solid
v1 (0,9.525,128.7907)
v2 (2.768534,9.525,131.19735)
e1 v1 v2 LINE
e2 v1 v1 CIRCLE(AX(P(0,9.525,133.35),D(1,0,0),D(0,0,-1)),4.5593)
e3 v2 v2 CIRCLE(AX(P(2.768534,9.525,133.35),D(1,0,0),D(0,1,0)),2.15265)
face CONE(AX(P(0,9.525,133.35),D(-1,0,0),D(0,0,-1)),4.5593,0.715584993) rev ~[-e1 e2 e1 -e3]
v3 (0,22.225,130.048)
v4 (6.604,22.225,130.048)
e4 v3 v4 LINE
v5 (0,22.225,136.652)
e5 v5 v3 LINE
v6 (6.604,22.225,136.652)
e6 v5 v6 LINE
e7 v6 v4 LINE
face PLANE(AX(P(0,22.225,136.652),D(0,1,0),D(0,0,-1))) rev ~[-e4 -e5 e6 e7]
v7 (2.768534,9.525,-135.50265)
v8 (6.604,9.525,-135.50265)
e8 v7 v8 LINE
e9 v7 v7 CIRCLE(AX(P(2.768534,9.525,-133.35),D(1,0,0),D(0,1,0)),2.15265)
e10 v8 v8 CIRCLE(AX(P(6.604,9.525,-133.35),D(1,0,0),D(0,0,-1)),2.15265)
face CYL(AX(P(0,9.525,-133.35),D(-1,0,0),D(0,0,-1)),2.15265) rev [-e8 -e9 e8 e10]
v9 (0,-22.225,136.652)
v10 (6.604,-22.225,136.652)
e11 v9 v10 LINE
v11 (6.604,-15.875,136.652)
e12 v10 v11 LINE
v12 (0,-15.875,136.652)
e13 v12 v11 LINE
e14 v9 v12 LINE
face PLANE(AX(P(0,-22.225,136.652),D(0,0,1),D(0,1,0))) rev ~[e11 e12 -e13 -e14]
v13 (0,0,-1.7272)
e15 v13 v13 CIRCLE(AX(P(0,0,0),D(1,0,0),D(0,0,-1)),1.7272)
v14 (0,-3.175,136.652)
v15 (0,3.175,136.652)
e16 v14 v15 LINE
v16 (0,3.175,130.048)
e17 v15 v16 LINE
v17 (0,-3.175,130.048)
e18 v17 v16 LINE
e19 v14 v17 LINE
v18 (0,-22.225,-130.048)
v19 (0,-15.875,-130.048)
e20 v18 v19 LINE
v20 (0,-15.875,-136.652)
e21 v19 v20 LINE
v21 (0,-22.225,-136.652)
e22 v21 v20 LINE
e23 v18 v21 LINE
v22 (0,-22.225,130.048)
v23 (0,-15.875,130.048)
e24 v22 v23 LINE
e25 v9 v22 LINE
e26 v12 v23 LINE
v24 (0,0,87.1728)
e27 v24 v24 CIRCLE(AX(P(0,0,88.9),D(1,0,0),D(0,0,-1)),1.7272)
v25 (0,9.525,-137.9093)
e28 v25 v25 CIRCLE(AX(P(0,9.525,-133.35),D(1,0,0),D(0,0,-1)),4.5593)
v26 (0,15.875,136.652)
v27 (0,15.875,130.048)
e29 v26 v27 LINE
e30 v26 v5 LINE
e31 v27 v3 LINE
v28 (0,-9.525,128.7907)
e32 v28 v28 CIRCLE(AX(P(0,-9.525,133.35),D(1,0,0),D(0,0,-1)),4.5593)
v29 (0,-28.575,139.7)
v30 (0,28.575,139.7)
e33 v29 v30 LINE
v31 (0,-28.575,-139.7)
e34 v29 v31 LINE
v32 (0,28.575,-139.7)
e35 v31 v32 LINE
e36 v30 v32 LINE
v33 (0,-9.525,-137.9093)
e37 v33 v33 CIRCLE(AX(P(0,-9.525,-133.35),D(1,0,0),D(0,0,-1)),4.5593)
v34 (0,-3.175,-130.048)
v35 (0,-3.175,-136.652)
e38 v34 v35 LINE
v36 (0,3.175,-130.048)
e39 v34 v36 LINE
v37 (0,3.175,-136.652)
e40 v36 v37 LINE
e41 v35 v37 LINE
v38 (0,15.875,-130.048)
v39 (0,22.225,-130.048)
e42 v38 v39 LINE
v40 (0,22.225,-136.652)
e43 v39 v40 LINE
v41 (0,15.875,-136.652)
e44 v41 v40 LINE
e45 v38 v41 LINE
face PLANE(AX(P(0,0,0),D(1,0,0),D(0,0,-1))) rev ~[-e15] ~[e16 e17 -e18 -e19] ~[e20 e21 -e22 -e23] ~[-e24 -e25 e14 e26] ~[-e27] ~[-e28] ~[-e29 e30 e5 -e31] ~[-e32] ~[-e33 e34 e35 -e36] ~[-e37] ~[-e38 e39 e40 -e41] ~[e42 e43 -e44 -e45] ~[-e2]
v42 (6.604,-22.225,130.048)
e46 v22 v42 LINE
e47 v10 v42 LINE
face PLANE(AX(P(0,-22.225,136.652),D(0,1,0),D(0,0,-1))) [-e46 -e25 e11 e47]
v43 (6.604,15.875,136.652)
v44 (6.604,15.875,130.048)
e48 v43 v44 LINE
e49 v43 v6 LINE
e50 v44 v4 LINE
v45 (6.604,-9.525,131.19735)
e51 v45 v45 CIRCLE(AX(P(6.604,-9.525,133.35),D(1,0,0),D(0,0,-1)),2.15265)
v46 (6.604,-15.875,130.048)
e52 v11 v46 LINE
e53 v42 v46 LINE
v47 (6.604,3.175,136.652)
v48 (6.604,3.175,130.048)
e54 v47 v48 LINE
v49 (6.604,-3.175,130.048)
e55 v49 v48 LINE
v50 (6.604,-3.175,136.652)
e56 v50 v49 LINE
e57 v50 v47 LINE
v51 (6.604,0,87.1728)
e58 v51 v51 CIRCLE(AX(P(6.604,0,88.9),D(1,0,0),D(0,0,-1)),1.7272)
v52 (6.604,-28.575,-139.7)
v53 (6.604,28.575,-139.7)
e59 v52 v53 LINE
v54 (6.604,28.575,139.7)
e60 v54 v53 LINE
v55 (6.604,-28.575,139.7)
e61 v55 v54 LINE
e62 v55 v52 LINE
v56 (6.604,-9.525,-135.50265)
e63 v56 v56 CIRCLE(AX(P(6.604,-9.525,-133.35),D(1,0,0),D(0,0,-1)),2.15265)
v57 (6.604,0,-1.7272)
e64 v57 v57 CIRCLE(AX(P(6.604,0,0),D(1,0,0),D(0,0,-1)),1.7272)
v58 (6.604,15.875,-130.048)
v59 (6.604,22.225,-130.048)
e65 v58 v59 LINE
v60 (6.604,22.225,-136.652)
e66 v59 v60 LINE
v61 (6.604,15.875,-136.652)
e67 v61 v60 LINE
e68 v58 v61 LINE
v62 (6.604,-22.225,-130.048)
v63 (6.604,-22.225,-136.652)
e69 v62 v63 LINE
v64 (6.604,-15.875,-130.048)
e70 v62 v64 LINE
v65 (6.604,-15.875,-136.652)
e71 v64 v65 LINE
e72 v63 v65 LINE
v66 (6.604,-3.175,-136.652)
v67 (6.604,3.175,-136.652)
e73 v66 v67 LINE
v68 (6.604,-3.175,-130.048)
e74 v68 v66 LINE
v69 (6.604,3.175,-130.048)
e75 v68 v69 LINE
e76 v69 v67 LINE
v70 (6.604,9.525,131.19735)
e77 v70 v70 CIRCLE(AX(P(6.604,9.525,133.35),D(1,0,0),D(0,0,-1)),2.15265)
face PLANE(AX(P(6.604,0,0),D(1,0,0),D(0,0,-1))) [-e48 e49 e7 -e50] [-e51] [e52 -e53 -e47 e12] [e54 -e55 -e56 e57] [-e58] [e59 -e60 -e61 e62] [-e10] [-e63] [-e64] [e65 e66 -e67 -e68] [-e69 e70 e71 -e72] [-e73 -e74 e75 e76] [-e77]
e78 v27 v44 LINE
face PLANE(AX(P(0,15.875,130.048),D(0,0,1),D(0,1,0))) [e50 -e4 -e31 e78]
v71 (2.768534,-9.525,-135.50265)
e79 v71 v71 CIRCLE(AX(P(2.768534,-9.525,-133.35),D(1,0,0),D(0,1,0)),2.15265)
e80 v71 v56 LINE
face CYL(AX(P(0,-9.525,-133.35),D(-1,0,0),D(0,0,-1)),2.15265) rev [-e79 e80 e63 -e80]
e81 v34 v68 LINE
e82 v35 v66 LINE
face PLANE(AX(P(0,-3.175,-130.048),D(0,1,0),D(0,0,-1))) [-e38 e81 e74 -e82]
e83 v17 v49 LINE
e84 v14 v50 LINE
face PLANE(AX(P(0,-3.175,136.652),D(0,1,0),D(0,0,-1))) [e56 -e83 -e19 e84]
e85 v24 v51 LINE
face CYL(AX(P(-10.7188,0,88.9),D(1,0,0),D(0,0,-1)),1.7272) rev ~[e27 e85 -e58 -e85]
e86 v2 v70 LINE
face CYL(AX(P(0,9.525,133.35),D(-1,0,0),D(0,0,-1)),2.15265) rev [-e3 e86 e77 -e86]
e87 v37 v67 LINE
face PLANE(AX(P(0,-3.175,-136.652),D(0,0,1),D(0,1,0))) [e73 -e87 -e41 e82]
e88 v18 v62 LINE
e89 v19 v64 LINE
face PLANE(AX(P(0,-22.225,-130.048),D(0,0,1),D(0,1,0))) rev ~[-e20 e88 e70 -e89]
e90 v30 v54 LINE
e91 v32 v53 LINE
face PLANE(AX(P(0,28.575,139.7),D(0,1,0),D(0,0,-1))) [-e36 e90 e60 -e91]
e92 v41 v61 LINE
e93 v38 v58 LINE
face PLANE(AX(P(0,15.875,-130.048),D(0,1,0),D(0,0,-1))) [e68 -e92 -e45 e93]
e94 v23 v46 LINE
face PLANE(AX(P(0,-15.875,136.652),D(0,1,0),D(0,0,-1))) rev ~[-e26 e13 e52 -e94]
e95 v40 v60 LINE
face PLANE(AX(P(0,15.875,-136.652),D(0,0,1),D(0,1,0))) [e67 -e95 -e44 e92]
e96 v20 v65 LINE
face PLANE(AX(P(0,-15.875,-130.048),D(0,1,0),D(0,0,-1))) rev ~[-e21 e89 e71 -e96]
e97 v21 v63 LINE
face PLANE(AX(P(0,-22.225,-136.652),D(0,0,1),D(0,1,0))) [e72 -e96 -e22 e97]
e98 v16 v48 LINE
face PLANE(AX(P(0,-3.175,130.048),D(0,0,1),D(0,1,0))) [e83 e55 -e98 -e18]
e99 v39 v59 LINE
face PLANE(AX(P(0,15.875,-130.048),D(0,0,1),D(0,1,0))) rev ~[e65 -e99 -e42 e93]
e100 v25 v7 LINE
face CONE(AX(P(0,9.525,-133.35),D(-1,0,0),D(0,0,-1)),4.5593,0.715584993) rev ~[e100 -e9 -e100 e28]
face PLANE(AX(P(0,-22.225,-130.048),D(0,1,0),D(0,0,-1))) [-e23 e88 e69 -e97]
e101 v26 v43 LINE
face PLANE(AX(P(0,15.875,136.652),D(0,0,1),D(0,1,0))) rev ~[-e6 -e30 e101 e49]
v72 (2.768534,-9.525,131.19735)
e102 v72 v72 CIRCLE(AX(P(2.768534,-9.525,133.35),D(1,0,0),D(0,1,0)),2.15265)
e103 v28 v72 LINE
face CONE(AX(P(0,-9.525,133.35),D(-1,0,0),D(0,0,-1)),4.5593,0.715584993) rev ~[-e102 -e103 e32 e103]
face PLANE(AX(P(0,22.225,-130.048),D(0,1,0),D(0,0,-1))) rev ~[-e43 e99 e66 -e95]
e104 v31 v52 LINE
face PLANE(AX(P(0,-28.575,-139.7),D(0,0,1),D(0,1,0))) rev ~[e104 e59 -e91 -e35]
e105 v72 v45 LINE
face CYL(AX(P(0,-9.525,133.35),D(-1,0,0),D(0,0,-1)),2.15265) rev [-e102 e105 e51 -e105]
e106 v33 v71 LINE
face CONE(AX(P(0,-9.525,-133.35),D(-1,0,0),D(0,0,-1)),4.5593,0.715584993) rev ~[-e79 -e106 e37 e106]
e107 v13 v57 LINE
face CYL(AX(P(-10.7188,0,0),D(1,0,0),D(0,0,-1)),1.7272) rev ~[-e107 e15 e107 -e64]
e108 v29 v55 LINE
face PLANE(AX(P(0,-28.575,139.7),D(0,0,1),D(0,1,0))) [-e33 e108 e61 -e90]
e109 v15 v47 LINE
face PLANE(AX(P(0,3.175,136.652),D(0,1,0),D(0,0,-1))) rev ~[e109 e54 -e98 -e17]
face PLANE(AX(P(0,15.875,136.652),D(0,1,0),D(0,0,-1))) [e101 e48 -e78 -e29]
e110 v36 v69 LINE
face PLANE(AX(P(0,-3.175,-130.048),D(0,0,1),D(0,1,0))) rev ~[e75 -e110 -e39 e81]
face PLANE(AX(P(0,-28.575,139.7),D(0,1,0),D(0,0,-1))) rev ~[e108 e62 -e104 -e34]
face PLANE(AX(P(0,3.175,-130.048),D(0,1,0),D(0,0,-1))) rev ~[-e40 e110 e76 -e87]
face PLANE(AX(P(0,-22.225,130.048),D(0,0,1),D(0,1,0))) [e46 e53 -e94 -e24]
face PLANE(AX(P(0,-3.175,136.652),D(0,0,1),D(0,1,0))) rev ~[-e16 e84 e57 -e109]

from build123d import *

# Parameters (mm, degrees)
SKETCH1_W                                         = 279.4
SKETCH1_H                                         = 57.15
SKETCH1_R                                         = 2.15265
SKETCH1_W_2                                       = 6.604
SKETCH1_H_2                                       = 6.35
BOSS_EXTRUDE1_DEPTH                               = 6.604
CSK_FOR_8_FLAT_HEAD_SOCKET_CAP_SCREW1_D           = 4.3053
CSK_FOR_8_FLAT_HEAD_SOCKET_CAP_SCREW1_CSINK_D     = 9.1186
CSK_FOR_8_FLAT_HEAD_SOCKET_CAP_SCREW1_CSINK_ANGLE = 82
F_8_32_TAPPED_HOLE1_D                             = 3.4544
F_8_32_TAPPED_HOLE1_DEPTH                         = 10.7188
F_8_32_TAPPED_HOLE1_TIP                           = 1.037806461


with BuildPart() as part:
    # Sketch1 → Boss-Extrude1 (new body)
    with BuildSketch(Plane(origin=(0, 0, 0), x_dir=(0, 0, -1), z_dir=(1, 0, 0))):
        Rectangle(SKETCH1_W, SKETCH1_H)
        with Locations((-133.35, 9.525)):
            Circle(SKETCH1_R, mode=Mode.SUBTRACT)
        with Locations((-133.35, -9.525)):
            Circle(SKETCH1_R, mode=Mode.SUBTRACT)
        with Locations((133.35, 9.525)):
            Circle(SKETCH1_R, mode=Mode.SUBTRACT)
        with Locations((133.35, -9.525)):
            Circle(SKETCH1_R, mode=Mode.SUBTRACT)
        with Locations((-133.35, 0)):
            Rectangle(SKETCH1_W_2, SKETCH1_H_2, mode=Mode.SUBTRACT)
        with Locations((-133.35, 19.05)):
            Rectangle(SKETCH1_W_2, SKETCH1_H_2, mode=Mode.SUBTRACT)
        with Locations((-133.35, -19.05)):
            Rectangle(SKETCH1_W_2, SKETCH1_H_2, mode=Mode.SUBTRACT)
        with Locations((133.35, 0)):
            Rectangle(SKETCH1_W_2, SKETCH1_H_2, mode=Mode.SUBTRACT)
        with Locations((133.35, 19.05)):
            Rectangle(SKETCH1_W_2, SKETCH1_H_2, mode=Mode.SUBTRACT)
        with Locations((133.35, -19.05)):
            Rectangle(SKETCH1_W_2, SKETCH1_H_2, mode=Mode.SUBTRACT)
    extrude(amount=BOSS_EXTRUDE1_DEPTH)

    # CSK for #8 Flat Head Socket Cap Screw1 (through all)
    with Locations(Plane.ZY):
        with Locations((-133.35, 9.525), (-133.35, -9.525), (133.35, 9.525), (133.35, -9.525)):
            CounterSinkHole(CSK_FOR_8_FLAT_HEAD_SOCKET_CAP_SCREW1_D / 2, CSK_FOR_8_FLAT_HEAD_SOCKET_CAP_SCREW1_CSINK_D / 2, counter_sink_angle=CSK_FOR_8_FLAT_HEAD_SOCKET_CAP_SCREW1_CSINK_ANGLE)

    # #8-32 Tapped Hole1
    with Locations(Plane.ZY):
        with Locations((88.9, 0), (0, 0)):
            Hole(F_8_32_TAPPED_HOLE1_D / 2, depth=F_8_32_TAPPED_HOLE1_DEPTH)
            with Locations((0, 0, -(F_8_32_TAPPED_HOLE1_DEPTH + F_8_32_TAPPED_HOLE1_TIP / 2))):  # 118° drill point
                Cone(0, F_8_32_TAPPED_HOLE1_D / 2, F_8_32_TAPPED_HOLE1_TIP, mode=Mode.SUBTRACT)


solid = part.part
